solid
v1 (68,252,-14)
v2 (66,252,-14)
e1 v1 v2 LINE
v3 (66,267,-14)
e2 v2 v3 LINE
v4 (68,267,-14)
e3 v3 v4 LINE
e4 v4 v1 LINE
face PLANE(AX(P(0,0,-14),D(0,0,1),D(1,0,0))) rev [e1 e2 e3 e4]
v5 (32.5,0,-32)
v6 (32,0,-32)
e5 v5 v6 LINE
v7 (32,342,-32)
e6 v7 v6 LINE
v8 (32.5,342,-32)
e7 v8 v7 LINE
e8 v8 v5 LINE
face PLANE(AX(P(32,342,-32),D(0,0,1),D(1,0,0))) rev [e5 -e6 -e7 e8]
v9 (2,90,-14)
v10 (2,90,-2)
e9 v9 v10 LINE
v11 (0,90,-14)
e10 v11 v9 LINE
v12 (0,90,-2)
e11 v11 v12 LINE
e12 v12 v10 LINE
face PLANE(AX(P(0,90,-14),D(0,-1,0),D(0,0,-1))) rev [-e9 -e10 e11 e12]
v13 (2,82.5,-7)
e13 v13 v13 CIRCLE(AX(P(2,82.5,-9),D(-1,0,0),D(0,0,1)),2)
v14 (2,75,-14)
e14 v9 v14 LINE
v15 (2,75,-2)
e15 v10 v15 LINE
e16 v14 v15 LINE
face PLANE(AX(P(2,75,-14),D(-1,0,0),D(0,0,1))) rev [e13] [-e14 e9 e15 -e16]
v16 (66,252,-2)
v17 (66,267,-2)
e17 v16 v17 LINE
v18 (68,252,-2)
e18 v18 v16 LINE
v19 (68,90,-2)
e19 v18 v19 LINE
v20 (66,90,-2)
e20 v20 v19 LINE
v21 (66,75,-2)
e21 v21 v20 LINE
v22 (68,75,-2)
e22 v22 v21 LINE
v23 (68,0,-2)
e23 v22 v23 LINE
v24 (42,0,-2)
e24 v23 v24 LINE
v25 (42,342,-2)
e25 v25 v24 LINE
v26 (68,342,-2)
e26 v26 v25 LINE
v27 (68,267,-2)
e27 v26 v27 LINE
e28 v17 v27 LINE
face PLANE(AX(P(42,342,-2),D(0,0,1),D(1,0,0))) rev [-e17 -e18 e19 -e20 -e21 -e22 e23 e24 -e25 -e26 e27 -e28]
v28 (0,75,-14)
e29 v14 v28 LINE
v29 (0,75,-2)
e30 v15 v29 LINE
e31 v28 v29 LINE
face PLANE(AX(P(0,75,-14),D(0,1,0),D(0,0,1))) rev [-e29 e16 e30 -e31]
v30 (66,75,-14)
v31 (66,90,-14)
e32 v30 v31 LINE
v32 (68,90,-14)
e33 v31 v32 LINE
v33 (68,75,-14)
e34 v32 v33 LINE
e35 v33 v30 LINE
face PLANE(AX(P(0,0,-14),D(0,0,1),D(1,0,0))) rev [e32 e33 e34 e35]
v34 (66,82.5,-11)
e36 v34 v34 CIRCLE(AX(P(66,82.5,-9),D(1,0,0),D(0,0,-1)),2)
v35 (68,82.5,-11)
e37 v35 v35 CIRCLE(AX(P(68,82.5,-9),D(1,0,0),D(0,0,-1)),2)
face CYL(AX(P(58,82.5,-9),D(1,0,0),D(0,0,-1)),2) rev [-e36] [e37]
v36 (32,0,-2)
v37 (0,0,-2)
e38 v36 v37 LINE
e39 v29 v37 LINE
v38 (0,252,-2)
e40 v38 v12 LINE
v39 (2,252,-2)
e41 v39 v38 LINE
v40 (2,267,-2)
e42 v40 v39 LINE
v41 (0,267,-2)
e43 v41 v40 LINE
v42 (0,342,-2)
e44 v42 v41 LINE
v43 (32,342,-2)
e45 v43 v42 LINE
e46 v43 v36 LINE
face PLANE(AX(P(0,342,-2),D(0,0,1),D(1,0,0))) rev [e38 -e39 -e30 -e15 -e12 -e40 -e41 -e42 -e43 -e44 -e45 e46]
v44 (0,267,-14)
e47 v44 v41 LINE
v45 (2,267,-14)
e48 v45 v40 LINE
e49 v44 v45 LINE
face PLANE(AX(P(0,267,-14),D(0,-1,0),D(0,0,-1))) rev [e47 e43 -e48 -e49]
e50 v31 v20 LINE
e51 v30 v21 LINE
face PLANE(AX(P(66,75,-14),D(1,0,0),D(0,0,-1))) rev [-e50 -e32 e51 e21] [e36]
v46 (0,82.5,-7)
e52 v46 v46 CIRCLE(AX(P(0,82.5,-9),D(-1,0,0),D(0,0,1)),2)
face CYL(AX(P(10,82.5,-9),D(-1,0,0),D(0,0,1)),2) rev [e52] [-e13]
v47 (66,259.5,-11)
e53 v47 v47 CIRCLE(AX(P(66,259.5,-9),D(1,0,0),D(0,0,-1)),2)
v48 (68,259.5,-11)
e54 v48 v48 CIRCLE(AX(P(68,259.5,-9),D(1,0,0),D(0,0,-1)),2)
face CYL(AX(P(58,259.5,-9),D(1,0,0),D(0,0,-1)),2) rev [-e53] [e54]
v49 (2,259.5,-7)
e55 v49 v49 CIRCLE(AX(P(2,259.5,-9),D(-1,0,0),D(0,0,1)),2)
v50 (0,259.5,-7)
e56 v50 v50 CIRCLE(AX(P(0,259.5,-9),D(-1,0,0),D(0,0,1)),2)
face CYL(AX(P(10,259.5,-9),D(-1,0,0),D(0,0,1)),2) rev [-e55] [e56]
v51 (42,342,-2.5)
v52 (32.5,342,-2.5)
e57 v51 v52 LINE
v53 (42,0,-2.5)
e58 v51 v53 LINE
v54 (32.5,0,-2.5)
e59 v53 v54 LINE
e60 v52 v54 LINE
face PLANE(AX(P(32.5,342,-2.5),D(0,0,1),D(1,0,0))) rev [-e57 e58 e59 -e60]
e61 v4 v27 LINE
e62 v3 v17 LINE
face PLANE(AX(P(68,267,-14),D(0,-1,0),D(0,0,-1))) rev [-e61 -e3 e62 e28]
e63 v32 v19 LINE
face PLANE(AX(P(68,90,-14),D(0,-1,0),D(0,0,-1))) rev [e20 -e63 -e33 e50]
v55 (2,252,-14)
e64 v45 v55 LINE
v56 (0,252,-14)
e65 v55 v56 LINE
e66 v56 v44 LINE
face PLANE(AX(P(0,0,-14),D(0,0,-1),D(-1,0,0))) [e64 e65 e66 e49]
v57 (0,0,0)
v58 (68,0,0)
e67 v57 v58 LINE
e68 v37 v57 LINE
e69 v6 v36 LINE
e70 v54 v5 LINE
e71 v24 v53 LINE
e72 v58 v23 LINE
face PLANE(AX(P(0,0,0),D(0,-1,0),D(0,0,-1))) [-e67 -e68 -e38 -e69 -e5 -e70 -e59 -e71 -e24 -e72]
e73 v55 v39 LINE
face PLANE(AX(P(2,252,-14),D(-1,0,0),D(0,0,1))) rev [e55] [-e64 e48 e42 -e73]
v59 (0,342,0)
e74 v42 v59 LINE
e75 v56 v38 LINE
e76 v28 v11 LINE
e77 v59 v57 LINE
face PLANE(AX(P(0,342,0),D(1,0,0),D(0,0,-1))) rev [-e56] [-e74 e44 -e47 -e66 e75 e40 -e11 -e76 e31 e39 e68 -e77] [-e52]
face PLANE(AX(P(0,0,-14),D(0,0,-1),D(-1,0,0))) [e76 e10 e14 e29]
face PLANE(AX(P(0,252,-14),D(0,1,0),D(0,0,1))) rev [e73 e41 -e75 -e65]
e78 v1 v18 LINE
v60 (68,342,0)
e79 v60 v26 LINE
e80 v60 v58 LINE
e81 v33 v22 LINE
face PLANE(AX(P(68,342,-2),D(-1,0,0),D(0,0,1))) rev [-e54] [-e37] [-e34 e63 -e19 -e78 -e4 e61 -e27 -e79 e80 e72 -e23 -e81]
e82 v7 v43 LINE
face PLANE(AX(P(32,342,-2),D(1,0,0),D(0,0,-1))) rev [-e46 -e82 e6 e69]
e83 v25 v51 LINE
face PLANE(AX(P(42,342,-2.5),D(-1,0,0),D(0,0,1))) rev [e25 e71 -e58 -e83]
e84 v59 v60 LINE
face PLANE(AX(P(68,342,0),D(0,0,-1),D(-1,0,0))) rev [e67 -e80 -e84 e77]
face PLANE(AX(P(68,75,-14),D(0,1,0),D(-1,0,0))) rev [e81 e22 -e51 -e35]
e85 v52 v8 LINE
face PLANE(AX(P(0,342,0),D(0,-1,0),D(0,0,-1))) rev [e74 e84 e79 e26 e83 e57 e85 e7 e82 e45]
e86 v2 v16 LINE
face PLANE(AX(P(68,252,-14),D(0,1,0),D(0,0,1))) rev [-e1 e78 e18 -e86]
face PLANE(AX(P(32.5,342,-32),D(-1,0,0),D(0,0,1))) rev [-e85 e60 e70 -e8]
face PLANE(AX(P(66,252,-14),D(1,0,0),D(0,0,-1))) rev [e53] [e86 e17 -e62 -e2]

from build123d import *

# Parameters (mm, degrees)
DODANIE_WYCI_GNI_CIE1_DEPTH = 342
SZKIC3_W                    = 2
SZKIC3_H                    = 15
DODANIE_WYCI_GNI_CIE2_DEPTH = 12
SZKIC4_R                    = 2
WYTNIJ_WYCI_GNI_CIE1_DEPTH  = 10
SZKIC5_R                    = 2
WYTNIJ_WYCI_GNI_CIE2_DEPTH  = 10


with BuildPart() as part:
    # Szkic1 → Dodanie-wyciągnięcie1 (new body)
    with BuildSketch(Plane(origin=(0, 0, 0), x_dir=(1, 0, 0), z_dir=(0, 1, 0))):
        Polygon((0, 0), (0, 2), (32, 2), (32, 32), (32.5, 32), (32.5, 2.5), (42, 2.5), (42, 2), (68, 2), (68, 0), align=None)
    extrude(amount=DODANIE_WYCI_GNI_CIE1_DEPTH)

    # Szkic3 → Dodanie-wyciągnięcie2 (add)
    with BuildSketch(Plane(origin=(0, 0, -2), x_dir=(-1, 0, 0), z_dir=(0, 0, -1))):
        with Locations((-67, 82.5)):
            Rectangle(SZKIC3_W, SZKIC3_H)
        with Locations((-67, 259.5)):
            Rectangle(SZKIC3_W, SZKIC3_H)
        with Locations((-1, 82.5)):
            Rectangle(SZKIC3_W, SZKIC3_H)
        with Locations((-1, 259.5)):
            Rectangle(SZKIC3_W, SZKIC3_H)
    extrude(amount=DODANIE_WYCI_GNI_CIE2_DEPTH)

    # Szkic4 → Wytnij-wyciągnięcie1 (cut)
    with BuildSketch(Plane.ZY):
        with Locations((-9, 82.5)):
            Circle(SZKIC4_R)
        with Locations((-9, 259.5)):
            Circle(SZKIC4_R)
    extrude(amount=-WYTNIJ_WYCI_GNI_CIE1_DEPTH, mode=Mode.SUBTRACT)

    # Szkic5 → Wytnij-wyciągnięcie2 (cut)
    with BuildSketch(Plane(origin=(68, 0, 0), x_dir=(0, 0, -1), z_dir=(1, 0, 0))):
        with Locations((9, 259.5)):
            Circle(SZKIC5_R)
        with Locations((9, 82.5)):
            Circle(SZKIC5_R)
    extrude(amount=-WYTNIJ_WYCI_GNI_CIE2_DEPTH, mode=Mode.SUBTRACT)


solid = part.part
